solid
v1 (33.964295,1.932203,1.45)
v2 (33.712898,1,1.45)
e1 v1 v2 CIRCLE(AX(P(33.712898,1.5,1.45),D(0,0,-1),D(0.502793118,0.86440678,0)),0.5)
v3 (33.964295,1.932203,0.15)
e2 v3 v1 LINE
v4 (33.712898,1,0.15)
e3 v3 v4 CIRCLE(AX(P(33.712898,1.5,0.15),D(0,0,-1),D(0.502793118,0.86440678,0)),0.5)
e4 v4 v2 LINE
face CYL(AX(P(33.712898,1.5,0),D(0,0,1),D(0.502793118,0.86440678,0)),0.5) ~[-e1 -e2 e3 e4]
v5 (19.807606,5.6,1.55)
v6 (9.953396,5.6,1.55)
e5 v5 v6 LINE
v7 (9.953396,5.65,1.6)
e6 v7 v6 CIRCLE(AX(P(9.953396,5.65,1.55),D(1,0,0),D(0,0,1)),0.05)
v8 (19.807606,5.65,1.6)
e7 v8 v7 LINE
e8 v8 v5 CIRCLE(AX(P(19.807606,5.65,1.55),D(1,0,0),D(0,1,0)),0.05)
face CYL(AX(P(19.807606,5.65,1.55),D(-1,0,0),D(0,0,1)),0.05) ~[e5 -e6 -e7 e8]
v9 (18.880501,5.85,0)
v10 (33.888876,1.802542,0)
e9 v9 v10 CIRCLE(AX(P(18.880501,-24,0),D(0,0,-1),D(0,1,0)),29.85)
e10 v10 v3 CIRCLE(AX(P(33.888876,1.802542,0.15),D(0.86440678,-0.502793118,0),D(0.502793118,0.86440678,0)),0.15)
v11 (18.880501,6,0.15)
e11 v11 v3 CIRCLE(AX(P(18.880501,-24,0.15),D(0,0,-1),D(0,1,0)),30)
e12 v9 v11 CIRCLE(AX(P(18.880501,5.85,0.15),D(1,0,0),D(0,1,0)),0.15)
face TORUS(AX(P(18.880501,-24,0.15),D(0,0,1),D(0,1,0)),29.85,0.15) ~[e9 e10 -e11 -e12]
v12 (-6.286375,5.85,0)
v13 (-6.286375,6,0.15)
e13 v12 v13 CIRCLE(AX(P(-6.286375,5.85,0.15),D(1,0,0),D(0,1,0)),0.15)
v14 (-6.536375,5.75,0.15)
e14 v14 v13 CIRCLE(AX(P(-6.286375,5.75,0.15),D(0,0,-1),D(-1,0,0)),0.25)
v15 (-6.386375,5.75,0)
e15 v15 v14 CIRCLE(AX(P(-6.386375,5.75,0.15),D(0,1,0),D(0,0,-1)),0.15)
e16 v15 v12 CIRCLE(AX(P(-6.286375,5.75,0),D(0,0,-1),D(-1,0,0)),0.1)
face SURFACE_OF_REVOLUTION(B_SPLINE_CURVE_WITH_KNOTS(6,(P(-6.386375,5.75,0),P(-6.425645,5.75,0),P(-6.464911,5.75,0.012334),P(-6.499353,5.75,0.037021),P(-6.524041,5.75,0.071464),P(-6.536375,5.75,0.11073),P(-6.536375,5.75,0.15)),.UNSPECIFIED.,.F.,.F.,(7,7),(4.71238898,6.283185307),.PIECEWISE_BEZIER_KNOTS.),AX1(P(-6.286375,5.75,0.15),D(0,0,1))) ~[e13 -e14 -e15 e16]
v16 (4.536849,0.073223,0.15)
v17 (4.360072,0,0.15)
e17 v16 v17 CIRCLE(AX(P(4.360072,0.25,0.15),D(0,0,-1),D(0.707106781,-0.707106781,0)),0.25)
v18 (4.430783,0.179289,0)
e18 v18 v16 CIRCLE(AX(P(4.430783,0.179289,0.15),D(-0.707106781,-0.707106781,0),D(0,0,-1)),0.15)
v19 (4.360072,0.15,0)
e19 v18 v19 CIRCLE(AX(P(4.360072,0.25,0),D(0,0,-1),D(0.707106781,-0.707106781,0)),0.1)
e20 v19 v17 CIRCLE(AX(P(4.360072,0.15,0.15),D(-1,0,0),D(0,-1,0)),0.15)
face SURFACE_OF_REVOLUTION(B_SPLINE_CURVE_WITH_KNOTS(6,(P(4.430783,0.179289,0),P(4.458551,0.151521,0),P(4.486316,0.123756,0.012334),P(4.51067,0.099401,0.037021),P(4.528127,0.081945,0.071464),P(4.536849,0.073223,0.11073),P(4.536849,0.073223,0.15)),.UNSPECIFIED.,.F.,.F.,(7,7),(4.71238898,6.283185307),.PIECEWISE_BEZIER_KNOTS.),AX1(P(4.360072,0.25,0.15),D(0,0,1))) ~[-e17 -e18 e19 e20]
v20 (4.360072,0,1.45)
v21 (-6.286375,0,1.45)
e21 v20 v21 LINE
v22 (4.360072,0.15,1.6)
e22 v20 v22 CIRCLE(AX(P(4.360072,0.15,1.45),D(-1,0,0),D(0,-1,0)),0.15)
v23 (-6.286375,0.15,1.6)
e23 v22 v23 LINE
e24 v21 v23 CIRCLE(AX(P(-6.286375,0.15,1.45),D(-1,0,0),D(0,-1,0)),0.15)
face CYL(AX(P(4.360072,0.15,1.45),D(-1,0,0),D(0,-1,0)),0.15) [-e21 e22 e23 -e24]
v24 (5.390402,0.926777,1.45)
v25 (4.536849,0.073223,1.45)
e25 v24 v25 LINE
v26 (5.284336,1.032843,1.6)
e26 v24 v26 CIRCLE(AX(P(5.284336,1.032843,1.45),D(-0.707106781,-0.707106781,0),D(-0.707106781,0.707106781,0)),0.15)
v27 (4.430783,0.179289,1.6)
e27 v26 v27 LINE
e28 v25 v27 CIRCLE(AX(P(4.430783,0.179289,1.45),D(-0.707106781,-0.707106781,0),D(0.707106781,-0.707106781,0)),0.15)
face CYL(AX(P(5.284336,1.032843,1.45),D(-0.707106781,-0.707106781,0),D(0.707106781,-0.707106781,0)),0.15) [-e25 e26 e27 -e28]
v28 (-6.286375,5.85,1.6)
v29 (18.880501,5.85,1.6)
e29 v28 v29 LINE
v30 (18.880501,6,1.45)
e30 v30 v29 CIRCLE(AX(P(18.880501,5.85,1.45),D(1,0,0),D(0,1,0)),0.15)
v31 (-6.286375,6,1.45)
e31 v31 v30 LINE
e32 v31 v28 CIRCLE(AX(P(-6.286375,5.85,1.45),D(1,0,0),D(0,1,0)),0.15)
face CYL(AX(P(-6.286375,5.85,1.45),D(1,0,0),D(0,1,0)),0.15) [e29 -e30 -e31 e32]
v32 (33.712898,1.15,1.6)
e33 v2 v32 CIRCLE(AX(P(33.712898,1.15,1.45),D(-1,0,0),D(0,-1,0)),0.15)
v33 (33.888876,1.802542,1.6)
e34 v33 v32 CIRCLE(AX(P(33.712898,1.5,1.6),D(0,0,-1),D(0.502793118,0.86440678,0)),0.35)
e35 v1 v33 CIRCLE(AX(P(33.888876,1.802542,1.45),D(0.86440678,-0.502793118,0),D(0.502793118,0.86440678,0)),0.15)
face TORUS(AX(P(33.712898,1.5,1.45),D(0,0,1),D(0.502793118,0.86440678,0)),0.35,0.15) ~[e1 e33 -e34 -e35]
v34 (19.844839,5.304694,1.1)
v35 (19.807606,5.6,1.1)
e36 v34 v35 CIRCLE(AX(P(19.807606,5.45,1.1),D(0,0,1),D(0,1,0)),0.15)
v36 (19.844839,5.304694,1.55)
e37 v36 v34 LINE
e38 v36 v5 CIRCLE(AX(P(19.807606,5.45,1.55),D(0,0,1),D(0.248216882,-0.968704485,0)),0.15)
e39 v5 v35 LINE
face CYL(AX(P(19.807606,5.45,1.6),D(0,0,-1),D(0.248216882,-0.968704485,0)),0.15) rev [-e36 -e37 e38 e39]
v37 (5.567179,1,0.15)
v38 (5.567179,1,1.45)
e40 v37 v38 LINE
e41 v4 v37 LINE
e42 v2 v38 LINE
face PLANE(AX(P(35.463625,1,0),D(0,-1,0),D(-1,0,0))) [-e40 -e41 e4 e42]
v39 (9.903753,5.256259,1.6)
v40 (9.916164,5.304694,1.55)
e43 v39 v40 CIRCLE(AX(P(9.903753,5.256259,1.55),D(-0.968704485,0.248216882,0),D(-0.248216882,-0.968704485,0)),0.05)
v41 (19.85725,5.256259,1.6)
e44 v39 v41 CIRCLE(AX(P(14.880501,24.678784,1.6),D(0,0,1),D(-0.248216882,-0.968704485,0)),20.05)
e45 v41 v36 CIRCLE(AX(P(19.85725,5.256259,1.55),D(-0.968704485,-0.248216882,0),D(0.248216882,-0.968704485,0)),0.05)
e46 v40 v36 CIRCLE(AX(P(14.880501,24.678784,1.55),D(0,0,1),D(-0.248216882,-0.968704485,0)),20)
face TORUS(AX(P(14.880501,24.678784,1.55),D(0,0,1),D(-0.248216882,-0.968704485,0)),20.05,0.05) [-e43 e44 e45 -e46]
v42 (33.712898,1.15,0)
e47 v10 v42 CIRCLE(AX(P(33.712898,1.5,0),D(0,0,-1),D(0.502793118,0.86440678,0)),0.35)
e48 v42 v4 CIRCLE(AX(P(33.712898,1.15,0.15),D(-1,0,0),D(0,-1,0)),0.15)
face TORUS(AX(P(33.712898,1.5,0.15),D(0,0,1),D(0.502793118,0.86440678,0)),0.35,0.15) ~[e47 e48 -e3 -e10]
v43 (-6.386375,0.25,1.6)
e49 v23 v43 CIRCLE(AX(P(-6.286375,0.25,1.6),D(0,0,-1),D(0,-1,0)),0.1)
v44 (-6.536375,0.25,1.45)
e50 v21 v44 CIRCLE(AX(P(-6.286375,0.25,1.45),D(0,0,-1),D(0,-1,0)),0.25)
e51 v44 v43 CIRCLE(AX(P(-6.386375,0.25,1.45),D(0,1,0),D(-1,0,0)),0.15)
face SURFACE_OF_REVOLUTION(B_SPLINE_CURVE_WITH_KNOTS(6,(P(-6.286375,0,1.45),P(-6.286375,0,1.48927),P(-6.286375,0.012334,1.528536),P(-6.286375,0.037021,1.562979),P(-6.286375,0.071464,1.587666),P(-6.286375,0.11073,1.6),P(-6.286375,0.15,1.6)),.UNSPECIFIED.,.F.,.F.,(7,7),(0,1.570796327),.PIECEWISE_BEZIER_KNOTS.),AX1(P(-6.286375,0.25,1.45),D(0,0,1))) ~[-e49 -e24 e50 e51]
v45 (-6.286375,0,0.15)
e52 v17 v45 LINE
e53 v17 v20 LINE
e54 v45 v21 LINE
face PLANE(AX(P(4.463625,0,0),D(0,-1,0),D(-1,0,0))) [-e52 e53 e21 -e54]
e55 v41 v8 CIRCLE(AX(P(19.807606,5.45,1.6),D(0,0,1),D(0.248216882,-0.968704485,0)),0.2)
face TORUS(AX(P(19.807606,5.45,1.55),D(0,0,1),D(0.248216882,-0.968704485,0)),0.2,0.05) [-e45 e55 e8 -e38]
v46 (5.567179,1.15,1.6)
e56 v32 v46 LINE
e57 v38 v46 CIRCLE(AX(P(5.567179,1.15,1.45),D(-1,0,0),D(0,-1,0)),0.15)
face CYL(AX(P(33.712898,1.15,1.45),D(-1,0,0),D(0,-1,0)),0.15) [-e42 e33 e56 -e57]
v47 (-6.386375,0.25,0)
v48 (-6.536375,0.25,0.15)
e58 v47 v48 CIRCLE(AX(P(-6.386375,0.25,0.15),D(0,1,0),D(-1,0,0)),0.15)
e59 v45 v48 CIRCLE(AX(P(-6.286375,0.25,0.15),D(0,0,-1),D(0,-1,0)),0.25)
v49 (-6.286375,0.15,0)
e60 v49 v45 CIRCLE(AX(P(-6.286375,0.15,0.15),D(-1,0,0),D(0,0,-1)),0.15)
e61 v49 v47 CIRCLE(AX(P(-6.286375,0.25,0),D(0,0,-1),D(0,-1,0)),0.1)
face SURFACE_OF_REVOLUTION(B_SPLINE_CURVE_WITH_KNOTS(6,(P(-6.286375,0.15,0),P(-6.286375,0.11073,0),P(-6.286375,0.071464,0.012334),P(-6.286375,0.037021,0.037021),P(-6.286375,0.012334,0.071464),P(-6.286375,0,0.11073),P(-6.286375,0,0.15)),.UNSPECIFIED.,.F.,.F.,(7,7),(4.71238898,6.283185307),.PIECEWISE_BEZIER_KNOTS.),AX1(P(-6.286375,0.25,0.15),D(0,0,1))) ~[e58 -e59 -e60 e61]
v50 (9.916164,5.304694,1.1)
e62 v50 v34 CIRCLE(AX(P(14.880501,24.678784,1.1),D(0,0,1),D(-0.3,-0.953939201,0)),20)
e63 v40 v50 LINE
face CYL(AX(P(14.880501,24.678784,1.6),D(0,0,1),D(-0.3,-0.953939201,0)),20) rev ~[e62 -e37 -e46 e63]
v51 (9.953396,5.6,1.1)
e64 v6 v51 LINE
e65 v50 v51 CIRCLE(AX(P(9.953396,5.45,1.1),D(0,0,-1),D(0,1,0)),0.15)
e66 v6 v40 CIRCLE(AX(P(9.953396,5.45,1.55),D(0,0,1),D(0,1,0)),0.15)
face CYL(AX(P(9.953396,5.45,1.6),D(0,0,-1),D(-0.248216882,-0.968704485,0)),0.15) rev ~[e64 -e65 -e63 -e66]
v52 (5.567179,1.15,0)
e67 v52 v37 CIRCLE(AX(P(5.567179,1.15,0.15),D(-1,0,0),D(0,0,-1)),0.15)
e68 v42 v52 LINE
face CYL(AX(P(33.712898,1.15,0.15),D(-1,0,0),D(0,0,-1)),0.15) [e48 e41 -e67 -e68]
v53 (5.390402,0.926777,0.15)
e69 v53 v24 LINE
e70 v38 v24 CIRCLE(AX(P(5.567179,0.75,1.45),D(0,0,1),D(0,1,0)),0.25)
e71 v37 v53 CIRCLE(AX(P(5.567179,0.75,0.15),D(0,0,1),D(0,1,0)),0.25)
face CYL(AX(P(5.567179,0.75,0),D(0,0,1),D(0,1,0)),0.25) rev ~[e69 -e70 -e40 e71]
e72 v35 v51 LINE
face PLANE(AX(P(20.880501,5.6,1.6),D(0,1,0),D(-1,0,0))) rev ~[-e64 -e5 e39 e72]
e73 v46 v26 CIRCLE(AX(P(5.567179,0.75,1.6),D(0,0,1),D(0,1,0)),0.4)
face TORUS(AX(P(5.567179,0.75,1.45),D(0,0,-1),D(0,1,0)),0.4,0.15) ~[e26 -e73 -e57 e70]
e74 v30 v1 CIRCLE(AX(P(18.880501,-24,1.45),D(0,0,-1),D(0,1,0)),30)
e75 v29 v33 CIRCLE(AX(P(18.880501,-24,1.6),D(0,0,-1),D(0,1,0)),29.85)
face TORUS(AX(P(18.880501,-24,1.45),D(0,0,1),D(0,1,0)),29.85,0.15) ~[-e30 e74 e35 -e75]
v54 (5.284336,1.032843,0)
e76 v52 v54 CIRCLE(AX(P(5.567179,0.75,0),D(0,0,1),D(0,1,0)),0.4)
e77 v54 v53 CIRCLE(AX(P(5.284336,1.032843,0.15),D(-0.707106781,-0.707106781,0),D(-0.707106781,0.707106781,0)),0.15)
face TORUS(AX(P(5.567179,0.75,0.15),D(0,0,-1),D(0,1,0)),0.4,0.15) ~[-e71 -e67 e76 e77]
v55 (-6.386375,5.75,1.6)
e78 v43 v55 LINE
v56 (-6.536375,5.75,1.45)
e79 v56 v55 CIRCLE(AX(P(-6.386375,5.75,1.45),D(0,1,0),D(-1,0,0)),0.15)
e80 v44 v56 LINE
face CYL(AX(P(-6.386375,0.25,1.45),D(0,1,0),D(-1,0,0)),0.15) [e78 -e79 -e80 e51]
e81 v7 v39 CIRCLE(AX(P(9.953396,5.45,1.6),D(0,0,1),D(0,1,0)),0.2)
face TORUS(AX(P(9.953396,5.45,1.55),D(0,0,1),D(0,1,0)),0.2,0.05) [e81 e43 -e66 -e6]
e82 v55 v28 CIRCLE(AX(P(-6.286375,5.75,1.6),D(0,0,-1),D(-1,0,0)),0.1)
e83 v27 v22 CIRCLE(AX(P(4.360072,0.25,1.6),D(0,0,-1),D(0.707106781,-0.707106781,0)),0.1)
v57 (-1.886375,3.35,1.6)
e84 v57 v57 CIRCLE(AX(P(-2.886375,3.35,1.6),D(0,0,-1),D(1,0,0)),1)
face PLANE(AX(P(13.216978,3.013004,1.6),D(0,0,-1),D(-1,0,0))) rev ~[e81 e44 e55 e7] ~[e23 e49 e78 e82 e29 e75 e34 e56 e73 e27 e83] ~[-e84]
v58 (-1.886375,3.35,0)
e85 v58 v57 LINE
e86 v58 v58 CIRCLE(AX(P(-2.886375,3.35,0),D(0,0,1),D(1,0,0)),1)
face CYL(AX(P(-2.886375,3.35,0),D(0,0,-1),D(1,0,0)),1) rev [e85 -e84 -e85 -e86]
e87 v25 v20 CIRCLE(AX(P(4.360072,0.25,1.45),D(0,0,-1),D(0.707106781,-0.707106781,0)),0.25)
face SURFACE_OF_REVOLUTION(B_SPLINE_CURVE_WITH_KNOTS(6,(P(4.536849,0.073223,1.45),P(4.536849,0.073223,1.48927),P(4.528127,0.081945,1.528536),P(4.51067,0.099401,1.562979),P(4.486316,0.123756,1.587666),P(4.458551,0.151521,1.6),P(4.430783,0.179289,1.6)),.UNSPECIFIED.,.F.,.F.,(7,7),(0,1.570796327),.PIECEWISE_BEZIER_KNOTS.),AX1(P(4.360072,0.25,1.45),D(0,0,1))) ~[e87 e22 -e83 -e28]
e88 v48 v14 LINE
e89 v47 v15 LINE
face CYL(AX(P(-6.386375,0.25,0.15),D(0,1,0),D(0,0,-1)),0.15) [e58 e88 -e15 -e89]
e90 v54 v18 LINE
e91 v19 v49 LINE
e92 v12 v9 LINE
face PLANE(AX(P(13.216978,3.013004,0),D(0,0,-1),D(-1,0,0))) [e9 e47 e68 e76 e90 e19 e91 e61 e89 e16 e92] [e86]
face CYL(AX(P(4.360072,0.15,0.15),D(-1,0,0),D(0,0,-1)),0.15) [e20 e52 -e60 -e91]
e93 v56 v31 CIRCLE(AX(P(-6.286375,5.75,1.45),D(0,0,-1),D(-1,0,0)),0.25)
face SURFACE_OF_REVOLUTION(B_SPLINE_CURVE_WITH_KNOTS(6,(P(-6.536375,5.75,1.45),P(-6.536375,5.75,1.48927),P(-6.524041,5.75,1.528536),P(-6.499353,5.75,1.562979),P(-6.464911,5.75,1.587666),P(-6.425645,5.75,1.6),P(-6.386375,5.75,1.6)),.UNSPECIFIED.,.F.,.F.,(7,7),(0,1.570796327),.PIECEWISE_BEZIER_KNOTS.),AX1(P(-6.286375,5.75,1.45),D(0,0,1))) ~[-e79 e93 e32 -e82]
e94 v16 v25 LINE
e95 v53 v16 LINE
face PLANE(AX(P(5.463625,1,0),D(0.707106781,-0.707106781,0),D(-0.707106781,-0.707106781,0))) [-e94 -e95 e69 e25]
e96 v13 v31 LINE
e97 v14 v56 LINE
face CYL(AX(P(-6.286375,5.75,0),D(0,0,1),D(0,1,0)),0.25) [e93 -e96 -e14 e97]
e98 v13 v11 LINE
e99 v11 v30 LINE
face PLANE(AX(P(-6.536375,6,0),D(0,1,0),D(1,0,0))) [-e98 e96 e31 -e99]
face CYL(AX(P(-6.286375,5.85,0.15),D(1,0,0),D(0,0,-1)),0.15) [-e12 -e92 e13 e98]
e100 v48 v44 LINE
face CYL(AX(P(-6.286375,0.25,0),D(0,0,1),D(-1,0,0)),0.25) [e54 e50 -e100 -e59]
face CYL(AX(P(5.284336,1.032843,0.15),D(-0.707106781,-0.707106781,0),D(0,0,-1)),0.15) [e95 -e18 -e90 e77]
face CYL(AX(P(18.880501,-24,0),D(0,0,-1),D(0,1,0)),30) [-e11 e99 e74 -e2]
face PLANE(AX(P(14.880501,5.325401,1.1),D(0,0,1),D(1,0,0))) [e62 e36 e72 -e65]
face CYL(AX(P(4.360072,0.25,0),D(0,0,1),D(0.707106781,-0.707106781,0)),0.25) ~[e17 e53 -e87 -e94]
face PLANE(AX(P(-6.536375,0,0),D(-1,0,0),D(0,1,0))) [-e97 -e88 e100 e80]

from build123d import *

# Parameters (mm, degrees)
BOSS_EXTRUDE1_DEPTH = 1.6
FILLET1_R           = 0.5
FILLET2_R           = 0.25
FILLET3_R           = 0.15
SKETCH2_R           = 1
CUT_EXTRUDE3_DEPTH  = 35.771862445
CUT_EXTRUDE4_DEPTH  = 0.5
FILLET4_R           = 0.15
FILLET5_R           = 0.05


with BuildPart() as part:
    # Sketch1 → Boss-Extrude1 (new body)
    with BuildSketch(Plane.XY):
        with BuildLine():
            Line((4.463625287, 0), (-6.536374713, 0))
            Line((-6.536374713, 0), (-6.536374713, 6))
            Line((-6.536374713, 6), (18.880501335, 6))
            ThreePointArc((18.880501335, 6), (27.540755373, 4.722813233), (35.463625287, 1))
            Line((35.463625287, 1), (5.463625287, 1))
            Line((5.463625287, 1), (4.463625287, 0))
        make_face()
    extrude(amount=BOSS_EXTRUDE1_DEPTH)

    # Fillet1
    fillet1_edges = [part.edges().sort_by_distance(p)[0] for p in [
        (35.463625287, 1, 0.8),
    ]]
    fillet(fillet1_edges, radius=FILLET1_R)

    # Fillet2
    fillet2_edges = [part.edges().sort_by_distance(p)[0] for p in [
        (4.463625287, 0, 0.8),
        (-6.536374713, 0, 0.8),
        (-6.536374713, 6, 0.8),
        (5.463625287, 1, 0.8),
    ]]
    fillet(fillet2_edges, radius=FILLET2_R)

    # Fillet3
    fillet3_edges = [part.edges().sort_by_distance(p)[0] for p in [
        (6.297063311, 6, 1.6),
        (26.691835994, 4.96520414, 0),
        (26.691835994, 4.96520414, 1.6),
        (34.195651711, 1.369811089, 0),
        (34.195651711, 1.369811089, 1.6),
        (19.640038493, 1, 0),
        (19.640038493, 1, 1.6),
        (4.963625287, 0.5, 0),
        (4.963625287, 0.5, 1.6),
        (-0.963151409, 0, 0),
        (-6.536374713, 3, 0),
        (-6.463151409, 5.926776695, 0),
        (-6.463151409, 0.073223305, 0),
        (4.455742754, 0.019030117, 0),
        (-0.963151409, 0, 1.6),
        (-6.536374713, 3, 1.6),
        (-6.463151409, 5.926776695, 1.6),
        (-6.463151409, 0.073223305, 1.6),
        (4.455742754, 0.019030117, 1.6),
        (5.471507819, 0.980969883, 0),
        (5.471507819, 0.980969883, 1.6),
        (6.297063311, 6, 0),
    ]]
    fillet(fillet3_edges, radius=FILLET3_R)

    # Sketch2 → Cut-Extrude3 (cut, through all)
    with BuildSketch(Plane.XY):
        with Locations((-2.886374713, 3.35)):
            Circle(SKETCH2_R)
    extrude(amount=CUT_EXTRUDE3_DEPTH, mode=Mode.SUBTRACT)

    # Sketch3 → Cut-Extrude4 (cut)
    with BuildSketch(Plane.XY.offset(1.6)):
        with BuildLine():
            Line((20.880501335, 5.6), (8.880501335, 5.6))
            ThreePointArc((8.880501335, 5.6), (14.880501335, 4.678784028), (20.880501335, 5.6))
        make_face()
    extrude(amount=-CUT_EXTRUDE4_DEPTH, mode=Mode.SUBTRACT)

    # Fillet4
    fillet4_edges = [part.edges().sort_by_distance(p)[0] for p in [
        (20.880501335, 5.6, 1.35),
        (8.880501335, 5.6, 1.35),
    ]]
    fillet(fillet4_edges, radius=FILLET4_R)

    # Fillet5
    fillet5_edges = [part.edges().sort_by_distance(p)[0] for p in [
        (14.880501335, 4.678784028, 1.6),
        (14.880501335, 5.6, 1.6),
        (9.804574431, 5.46876365, 1.6),
        (19.956428239, 5.46876365, 1.6),
    ]]
    fillet(fillet5_edges, radius=FILLET5_R)


solid = part.part
